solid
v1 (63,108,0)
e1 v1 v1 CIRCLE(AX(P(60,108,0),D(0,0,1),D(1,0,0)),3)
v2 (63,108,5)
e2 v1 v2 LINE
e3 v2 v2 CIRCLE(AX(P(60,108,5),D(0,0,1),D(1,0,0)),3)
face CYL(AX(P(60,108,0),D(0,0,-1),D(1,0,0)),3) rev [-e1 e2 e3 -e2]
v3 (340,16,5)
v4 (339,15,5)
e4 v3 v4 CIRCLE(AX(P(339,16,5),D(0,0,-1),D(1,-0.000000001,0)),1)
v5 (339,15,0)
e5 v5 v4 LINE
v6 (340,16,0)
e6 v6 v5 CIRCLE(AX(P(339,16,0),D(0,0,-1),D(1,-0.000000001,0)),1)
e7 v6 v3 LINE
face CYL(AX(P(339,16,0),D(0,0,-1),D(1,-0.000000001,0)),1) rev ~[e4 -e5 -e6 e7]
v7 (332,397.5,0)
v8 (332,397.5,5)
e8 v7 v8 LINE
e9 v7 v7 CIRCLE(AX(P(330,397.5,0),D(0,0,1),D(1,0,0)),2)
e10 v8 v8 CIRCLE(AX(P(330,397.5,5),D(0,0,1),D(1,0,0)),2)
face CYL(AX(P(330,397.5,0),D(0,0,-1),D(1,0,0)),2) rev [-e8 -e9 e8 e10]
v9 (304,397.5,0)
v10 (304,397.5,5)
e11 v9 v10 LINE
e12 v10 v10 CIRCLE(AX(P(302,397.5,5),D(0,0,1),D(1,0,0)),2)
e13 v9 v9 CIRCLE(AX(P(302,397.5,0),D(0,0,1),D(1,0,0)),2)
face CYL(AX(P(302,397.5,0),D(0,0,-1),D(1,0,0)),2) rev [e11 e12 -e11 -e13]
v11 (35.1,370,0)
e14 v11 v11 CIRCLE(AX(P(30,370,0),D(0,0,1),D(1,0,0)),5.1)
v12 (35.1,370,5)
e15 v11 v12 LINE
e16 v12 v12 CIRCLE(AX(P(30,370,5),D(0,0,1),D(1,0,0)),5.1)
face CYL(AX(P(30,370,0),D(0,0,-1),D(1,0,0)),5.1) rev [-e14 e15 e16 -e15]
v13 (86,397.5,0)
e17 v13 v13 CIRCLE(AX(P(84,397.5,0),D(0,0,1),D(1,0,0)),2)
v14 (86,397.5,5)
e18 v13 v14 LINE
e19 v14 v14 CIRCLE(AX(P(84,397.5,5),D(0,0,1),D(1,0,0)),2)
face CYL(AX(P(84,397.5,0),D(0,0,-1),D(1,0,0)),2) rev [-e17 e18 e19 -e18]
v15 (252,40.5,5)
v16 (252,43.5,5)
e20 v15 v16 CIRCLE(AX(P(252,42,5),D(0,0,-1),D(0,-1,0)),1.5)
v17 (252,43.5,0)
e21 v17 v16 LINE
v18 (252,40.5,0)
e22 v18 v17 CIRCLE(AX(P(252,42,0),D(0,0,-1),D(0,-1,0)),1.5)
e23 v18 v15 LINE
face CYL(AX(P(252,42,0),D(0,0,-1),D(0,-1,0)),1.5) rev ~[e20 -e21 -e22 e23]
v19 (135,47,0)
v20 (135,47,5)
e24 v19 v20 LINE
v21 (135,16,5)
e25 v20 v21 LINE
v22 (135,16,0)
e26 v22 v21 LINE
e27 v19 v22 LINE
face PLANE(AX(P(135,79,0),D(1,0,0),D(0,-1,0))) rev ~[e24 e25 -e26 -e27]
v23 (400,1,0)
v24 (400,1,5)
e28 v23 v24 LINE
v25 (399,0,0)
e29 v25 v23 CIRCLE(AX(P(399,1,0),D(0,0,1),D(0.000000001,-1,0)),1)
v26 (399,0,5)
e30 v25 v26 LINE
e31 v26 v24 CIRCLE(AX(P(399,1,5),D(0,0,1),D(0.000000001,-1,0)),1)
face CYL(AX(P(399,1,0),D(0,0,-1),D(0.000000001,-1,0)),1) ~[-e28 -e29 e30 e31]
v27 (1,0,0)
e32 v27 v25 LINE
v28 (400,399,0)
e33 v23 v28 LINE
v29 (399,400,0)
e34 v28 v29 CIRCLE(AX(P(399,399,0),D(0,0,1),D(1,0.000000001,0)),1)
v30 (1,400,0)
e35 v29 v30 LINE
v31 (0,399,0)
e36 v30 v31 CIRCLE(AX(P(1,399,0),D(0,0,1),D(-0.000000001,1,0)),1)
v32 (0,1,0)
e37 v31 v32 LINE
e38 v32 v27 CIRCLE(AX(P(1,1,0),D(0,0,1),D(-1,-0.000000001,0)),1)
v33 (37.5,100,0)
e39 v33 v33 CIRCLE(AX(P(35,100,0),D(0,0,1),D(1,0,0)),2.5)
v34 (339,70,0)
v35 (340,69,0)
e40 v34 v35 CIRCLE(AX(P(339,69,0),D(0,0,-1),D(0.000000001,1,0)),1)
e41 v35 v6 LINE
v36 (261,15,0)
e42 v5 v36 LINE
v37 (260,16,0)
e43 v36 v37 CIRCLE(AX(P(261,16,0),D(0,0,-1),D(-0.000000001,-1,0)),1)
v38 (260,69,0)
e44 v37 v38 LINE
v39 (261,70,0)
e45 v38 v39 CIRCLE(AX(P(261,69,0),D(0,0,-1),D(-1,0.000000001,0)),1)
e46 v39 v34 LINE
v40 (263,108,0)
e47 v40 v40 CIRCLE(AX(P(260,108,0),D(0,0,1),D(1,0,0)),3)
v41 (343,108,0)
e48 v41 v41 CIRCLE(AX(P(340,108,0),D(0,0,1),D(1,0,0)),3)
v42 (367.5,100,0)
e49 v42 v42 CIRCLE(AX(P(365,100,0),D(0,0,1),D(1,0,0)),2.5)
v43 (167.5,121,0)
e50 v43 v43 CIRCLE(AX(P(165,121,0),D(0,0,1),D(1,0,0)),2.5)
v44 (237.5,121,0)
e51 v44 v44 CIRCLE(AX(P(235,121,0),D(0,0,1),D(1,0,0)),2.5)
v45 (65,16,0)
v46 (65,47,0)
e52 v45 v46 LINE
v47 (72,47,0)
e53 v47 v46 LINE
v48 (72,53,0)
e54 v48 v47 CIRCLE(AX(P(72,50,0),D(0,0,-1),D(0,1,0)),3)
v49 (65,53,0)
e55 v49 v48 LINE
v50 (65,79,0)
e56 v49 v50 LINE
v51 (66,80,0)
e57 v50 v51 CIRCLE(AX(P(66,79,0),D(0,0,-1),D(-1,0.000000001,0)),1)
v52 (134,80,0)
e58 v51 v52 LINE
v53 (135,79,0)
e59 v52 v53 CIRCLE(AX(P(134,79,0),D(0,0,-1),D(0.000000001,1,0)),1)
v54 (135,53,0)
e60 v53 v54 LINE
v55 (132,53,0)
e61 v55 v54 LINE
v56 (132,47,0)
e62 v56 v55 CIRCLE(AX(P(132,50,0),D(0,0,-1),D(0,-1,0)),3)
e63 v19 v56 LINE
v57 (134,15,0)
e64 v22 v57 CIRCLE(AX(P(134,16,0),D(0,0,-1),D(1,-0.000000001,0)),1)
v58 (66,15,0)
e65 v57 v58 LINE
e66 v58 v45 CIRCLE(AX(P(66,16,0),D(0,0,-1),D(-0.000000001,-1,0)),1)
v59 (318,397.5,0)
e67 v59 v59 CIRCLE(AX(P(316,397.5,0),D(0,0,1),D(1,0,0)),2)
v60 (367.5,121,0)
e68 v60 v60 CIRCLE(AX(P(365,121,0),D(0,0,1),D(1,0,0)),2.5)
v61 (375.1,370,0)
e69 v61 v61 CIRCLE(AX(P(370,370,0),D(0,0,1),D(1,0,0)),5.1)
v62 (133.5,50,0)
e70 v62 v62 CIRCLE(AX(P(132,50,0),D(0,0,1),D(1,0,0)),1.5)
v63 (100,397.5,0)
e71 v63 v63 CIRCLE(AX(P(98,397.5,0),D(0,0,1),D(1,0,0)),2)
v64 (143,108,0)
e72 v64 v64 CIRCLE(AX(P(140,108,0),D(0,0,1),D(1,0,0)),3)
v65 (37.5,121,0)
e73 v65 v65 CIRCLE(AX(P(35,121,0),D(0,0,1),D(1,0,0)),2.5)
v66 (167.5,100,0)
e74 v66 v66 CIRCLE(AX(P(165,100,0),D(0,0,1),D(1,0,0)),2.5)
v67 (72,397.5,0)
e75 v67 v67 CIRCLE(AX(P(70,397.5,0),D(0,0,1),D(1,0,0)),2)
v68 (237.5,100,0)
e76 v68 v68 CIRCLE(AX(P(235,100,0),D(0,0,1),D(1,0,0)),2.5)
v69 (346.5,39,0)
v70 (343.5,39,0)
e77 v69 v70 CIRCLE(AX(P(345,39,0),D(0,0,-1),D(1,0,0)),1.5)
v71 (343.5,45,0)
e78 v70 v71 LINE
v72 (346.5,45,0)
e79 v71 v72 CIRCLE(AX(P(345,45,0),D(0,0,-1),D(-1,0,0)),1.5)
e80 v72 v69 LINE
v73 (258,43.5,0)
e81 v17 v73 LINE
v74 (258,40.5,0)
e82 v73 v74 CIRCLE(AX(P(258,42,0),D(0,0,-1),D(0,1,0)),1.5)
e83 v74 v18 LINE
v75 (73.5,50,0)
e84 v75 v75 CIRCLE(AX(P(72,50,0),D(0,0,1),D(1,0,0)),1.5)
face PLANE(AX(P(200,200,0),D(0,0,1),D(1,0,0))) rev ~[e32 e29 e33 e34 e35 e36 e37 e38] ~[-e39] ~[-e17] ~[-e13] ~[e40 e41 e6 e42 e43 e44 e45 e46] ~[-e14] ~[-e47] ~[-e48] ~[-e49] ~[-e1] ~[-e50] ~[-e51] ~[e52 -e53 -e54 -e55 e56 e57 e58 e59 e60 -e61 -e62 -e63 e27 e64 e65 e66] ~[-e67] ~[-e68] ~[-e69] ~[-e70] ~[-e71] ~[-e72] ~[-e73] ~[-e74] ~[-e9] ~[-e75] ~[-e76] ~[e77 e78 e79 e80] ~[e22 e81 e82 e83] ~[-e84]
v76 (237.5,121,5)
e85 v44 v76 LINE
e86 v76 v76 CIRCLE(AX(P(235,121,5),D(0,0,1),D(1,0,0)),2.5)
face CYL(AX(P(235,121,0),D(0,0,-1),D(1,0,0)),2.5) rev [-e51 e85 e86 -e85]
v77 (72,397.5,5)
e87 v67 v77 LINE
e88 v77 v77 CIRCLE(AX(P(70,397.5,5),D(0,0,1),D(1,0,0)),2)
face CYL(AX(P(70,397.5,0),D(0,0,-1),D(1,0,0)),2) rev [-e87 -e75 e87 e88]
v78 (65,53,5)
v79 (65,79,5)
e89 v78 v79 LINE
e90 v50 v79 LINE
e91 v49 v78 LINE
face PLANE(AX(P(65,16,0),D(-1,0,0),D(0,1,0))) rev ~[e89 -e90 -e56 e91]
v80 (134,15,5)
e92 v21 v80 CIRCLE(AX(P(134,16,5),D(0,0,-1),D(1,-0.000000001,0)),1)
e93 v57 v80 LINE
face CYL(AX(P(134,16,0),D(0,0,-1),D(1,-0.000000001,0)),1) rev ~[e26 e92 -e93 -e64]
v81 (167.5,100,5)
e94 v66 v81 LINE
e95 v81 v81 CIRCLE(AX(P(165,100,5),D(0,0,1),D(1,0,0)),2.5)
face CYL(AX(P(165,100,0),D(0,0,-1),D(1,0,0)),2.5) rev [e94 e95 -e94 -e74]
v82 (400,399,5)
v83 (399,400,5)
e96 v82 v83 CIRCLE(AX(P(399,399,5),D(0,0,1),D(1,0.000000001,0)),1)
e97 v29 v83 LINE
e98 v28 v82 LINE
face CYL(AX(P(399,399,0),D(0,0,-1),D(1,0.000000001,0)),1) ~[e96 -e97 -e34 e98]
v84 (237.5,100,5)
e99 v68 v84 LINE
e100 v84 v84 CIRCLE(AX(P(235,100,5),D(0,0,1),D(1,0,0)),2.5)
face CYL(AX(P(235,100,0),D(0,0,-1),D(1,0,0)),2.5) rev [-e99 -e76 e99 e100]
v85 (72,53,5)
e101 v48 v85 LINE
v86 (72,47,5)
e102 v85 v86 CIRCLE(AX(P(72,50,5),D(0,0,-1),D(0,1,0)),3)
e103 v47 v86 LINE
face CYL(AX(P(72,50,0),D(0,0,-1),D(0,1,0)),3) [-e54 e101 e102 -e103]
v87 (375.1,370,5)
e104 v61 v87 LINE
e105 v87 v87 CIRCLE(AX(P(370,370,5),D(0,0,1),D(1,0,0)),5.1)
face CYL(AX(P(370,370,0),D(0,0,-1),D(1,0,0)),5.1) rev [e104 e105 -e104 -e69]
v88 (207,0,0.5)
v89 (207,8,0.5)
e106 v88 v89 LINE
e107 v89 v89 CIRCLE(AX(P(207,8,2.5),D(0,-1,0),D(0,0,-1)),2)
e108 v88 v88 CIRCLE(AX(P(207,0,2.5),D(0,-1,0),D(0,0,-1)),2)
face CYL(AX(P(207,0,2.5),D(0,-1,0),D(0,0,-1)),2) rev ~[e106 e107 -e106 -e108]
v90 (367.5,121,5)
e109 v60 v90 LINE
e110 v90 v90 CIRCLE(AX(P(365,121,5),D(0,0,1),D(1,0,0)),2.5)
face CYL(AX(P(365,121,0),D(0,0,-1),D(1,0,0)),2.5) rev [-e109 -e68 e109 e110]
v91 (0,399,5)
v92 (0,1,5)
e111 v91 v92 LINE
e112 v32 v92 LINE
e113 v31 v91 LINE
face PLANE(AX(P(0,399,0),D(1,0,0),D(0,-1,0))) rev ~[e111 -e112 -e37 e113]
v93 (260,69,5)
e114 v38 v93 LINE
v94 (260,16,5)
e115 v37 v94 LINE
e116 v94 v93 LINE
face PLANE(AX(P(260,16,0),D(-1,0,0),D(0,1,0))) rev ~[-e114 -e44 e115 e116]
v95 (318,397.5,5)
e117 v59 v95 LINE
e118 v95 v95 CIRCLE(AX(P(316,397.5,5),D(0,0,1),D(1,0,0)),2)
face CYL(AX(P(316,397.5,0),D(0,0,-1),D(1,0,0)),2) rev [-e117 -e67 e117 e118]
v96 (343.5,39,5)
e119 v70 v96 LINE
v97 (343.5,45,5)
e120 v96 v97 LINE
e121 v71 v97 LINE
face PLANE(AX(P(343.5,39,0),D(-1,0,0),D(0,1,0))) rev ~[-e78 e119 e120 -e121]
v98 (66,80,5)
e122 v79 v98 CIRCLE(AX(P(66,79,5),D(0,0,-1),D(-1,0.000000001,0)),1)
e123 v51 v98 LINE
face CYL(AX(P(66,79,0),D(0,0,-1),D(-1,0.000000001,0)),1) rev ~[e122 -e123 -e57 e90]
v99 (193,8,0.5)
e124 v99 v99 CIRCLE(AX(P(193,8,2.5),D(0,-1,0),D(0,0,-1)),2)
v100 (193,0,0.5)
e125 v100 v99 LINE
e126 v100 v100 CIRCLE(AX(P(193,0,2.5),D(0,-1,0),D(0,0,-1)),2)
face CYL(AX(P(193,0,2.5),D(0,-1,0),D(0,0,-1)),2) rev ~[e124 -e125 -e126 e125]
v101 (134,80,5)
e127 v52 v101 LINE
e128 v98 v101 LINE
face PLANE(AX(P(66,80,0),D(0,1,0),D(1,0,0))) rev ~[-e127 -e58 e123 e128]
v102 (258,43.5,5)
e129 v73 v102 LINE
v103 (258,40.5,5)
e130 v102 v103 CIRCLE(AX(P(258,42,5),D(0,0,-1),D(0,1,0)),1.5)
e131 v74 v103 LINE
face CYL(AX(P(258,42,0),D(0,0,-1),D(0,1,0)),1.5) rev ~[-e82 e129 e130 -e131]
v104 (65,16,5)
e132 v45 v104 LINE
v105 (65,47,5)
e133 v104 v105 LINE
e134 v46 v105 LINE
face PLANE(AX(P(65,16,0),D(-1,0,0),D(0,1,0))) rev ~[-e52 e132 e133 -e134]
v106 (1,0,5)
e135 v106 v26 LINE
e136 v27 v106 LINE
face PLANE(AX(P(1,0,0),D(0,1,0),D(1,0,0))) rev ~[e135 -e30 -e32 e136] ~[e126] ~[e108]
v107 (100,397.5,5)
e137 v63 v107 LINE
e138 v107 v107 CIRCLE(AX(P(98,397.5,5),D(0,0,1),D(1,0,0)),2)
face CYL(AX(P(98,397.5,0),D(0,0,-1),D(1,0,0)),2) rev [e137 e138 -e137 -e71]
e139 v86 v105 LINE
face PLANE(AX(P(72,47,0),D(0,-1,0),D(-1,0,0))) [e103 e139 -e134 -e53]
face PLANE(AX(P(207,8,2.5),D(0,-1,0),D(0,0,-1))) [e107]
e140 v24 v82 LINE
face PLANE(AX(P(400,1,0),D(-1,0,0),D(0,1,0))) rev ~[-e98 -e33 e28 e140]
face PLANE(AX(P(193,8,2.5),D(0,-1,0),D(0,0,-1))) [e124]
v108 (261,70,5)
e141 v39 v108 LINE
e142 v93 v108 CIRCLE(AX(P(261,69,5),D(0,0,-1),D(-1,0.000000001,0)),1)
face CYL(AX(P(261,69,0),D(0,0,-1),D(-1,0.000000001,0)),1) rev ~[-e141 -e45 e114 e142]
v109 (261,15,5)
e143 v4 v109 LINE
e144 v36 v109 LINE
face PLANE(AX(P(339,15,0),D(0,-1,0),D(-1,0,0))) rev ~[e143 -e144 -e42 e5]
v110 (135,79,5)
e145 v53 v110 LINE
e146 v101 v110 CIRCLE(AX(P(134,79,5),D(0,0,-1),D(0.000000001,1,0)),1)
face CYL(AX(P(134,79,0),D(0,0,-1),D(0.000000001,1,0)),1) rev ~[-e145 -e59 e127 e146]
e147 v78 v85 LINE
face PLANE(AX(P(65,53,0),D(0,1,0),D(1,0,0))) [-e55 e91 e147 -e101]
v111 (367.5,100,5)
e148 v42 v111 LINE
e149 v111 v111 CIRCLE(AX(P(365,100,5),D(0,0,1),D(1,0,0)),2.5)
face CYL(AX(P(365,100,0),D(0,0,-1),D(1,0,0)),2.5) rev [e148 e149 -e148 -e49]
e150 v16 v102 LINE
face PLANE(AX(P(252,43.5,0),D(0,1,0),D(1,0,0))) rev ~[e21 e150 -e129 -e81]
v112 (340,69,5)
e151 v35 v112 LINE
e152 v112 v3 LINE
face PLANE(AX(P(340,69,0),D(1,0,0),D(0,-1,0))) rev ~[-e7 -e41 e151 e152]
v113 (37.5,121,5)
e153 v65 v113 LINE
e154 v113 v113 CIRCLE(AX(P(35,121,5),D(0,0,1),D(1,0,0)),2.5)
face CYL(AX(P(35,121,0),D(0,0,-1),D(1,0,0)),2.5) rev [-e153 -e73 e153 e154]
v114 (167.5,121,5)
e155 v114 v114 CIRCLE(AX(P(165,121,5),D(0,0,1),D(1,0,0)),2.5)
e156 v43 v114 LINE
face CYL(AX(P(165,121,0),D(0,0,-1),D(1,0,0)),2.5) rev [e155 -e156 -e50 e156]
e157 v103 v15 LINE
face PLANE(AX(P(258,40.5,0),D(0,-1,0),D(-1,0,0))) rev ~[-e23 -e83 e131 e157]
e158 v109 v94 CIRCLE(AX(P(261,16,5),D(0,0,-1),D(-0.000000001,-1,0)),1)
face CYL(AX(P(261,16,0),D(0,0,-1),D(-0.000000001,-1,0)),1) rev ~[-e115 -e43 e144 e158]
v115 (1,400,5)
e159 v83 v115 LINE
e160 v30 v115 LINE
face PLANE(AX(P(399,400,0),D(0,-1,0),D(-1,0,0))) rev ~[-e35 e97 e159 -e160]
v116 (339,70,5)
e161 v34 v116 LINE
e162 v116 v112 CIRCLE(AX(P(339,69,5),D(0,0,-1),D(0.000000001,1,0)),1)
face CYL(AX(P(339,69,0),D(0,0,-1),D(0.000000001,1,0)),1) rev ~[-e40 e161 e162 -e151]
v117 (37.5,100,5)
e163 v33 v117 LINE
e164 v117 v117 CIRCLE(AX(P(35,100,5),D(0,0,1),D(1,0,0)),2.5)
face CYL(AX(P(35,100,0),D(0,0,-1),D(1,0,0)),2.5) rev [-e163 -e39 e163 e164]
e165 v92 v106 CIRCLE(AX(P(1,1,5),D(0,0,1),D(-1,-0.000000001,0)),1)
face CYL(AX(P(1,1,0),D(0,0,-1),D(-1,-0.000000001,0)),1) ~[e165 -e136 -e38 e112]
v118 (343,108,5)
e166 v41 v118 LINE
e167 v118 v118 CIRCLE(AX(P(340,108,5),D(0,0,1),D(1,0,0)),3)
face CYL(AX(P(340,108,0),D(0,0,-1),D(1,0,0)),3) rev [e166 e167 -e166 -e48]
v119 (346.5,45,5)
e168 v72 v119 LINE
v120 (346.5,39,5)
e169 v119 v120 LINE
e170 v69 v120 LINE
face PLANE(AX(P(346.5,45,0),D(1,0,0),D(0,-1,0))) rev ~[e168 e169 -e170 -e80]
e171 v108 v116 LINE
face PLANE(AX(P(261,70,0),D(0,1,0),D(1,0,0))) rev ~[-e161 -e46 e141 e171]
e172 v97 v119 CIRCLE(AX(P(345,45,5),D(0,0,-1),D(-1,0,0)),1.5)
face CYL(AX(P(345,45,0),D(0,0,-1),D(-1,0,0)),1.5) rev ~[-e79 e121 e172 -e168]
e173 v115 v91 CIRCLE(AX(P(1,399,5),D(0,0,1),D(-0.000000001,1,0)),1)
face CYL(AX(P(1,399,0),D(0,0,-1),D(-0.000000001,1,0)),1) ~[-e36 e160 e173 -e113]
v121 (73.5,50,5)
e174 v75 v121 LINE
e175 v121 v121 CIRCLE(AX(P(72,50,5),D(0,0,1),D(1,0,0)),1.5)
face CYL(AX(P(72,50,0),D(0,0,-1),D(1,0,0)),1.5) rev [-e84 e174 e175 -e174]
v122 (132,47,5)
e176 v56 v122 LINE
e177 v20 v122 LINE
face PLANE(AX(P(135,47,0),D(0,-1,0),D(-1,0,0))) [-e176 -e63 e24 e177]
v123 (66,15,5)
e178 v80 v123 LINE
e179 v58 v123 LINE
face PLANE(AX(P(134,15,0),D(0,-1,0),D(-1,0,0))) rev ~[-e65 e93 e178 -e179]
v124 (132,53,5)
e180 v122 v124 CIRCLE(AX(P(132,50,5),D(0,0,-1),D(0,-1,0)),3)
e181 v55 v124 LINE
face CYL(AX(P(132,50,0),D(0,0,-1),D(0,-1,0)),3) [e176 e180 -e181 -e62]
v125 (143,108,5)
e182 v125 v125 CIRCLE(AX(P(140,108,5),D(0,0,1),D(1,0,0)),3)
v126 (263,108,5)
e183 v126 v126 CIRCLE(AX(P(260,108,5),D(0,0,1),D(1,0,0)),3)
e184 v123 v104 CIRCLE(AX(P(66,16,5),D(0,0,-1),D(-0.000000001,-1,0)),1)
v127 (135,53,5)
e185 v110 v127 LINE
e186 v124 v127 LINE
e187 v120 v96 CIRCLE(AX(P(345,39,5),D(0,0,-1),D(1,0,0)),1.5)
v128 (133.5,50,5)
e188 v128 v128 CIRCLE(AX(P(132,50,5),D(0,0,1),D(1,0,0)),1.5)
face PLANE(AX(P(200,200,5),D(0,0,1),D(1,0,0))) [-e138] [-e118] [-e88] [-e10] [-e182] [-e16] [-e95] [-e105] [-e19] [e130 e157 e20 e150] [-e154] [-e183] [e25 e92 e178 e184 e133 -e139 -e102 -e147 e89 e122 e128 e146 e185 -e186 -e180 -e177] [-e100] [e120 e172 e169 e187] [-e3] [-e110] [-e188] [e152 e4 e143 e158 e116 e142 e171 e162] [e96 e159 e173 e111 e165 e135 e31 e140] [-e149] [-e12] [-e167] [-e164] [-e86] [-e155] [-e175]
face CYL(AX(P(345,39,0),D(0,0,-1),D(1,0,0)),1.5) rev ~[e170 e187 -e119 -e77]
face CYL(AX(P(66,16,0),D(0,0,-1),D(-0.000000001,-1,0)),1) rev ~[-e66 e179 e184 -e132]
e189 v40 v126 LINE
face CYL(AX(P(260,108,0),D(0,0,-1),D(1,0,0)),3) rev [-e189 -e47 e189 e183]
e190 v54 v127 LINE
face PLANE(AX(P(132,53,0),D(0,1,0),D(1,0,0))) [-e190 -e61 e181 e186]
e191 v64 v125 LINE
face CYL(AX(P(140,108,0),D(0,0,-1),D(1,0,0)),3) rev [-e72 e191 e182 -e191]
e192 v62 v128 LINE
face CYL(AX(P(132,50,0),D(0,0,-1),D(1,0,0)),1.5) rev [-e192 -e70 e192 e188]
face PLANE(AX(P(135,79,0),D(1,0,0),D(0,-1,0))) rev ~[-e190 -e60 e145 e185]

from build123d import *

# Parameters (mm, degrees)
SKETCH1_R           = 2.5
SKETCH1_R_2         = 3
SKETCH1_R_3         = 2
SKETCH1_R_4         = 5.1
BOSS_EXTRUDE1_DEPTH = 5
SKETCH2_R           = 2
CUT_EXTRUDE1_DEPTH  = 8
SKETCH3_R           = 1.5
BOSS_EXTRUDE2_DEPTH = 5


with BuildPart() as part:
    # Sketch1 → Boss-Extrude1 (new body)
    with BuildSketch(Plane.XY):
        with BuildLine():
            Line((1, 0), (399, 0))
            ThreePointArc((399, 0), (399.707106781, 0.292893219), (400, 1))
            Line((400, 1), (400, 399))
            ThreePointArc((400, 399), (399.707106781, 399.707106781), (399, 400))
            Line((399, 400), (1, 400))
            ThreePointArc((1, 400), (0.292893219, 399.707106781), (0, 399))
            Line((0, 399), (0, 1))
            ThreePointArc((0, 1), (0.292893219, 0.292893219), (1, 0))
        make_face()
        with Locations((35, 121)):
            Circle(SKETCH1_R, mode=Mode.SUBTRACT)
        with Locations((35, 100)):
            Circle(SKETCH1_R, mode=Mode.SUBTRACT)
        with Locations((60, 108)):
            Circle(SKETCH1_R_2, mode=Mode.SUBTRACT)
        with Locations((140, 108)):
            Circle(SKETCH1_R_2, mode=Mode.SUBTRACT)
        with Locations((165, 121)):
            Circle(SKETCH1_R, mode=Mode.SUBTRACT)
        with Locations((165, 100)):
            Circle(SKETCH1_R, mode=Mode.SUBTRACT)
        with Locations((235, 121)):
            Circle(SKETCH1_R, mode=Mode.SUBTRACT)
        with Locations((235, 100)):
            Circle(SKETCH1_R, mode=Mode.SUBTRACT)
        with Locations((260, 108)):
            Circle(SKETCH1_R_2, mode=Mode.SUBTRACT)
        with Locations((340, 108)):
            Circle(SKETCH1_R_2, mode=Mode.SUBTRACT)
        with Locations((365, 121)):
            Circle(SKETCH1_R, mode=Mode.SUBTRACT)
        with Locations((365, 100)):
            Circle(SKETCH1_R, mode=Mode.SUBTRACT)
        with Locations((70, 397.5)):
            Circle(SKETCH1_R_3, mode=Mode.SUBTRACT)
        with Locations((84, 397.5)):
            Circle(SKETCH1_R_3, mode=Mode.SUBTRACT)
        with Locations((98, 397.5)):
            Circle(SKETCH1_R_3, mode=Mode.SUBTRACT)
        with Locations((302, 397.5)):
            Circle(SKETCH1_R_3, mode=Mode.SUBTRACT)
        with Locations((316, 397.5)):
            Circle(SKETCH1_R_3, mode=Mode.SUBTRACT)
        with Locations((330, 397.5)):
            Circle(SKETCH1_R_3, mode=Mode.SUBTRACT)
        with Locations((30, 370)):
            Circle(SKETCH1_R_4, mode=Mode.SUBTRACT)
        with Locations((370, 370)):
            Circle(SKETCH1_R_4, mode=Mode.SUBTRACT)
        with BuildLine():
            Line((261, 70), (339, 70))
            ThreePointArc((339, 70), (339.707106781, 69.707106781), (340, 69))
            Line((340, 69), (340, 16))
            ThreePointArc((340, 16), (339.707106781, 15.292893219), (339, 15))
            Line((339, 15), (261, 15))
            ThreePointArc((261, 15), (260.292893219, 15.292893219), (260, 16))
            Line((260, 16), (260, 69))
            ThreePointArc((260, 69), (260.292893219, 69.707106781), (261, 70))
        make_face(mode=Mode.SUBTRACT)
        with BuildLine():
            Line((66, 80), (134, 80))
            ThreePointArc((134, 80), (134.707106781, 79.707106781), (135, 79))
            Line((135, 79), (135, 16))
            ThreePointArc((135, 16), (134.707106781, 15.292893219), (134, 15))
            Line((134, 15), (66, 15))
            ThreePointArc((66, 15), (65.292893219, 15.292893219), (65, 16))
            Line((65, 16), (65, 79))
            ThreePointArc((65, 79), (65.292893219, 79.707106781), (66, 80))
        make_face(mode=Mode.SUBTRACT)
        with BuildLine():
            Line((346.5, 45), (346.5, 39))
            ThreePointArc((346.5, 39), (345, 37.5), (343.5, 39))
            Line((343.5, 39), (343.5, 45))
            ThreePointArc((343.5, 45), (345, 46.5), (346.5, 45))
        make_face(mode=Mode.SUBTRACT)
        with BuildLine():
            Line((252, 43.5), (258, 43.5))
            ThreePointArc((258, 43.5), (259.5, 42), (258, 40.5))
            Line((258, 40.5), (252, 40.5))
            ThreePointArc((252, 40.5), (250.5, 42), (252, 43.5))
        make_face(mode=Mode.SUBTRACT)
    extrude(amount=BOSS_EXTRUDE1_DEPTH)

    # Sketch2 → Cut-Extrude1 (cut)
    with BuildSketch(Plane.XZ):
        with Locations(Location((193, 2.5, 0), (0, 0, 270))):
            Circle(SKETCH2_R)
        with Locations(Location((207, 2.5, 0), (0, 0, 270))):
            Circle(SKETCH2_R)
    extrude(amount=-CUT_EXTRUDE1_DEPTH, mode=Mode.SUBTRACT)

    # Sketch3 → Boss-Extrude2 (add)
    # profile 1 of 2: a face of its own
    with BuildSketch(Plane.XY):
        with BuildLine():
            Line((132, 53), (135, 53))
            Line((135, 53), (135, 47))
            Line((135, 47), (132, 47))
            ThreePointArc((132, 47), (129, 50), (132, 53))
        make_face()
        with Locations((132, 50)):
            Circle(SKETCH3_R, mode=Mode.SUBTRACT)
    # profile 2 of 2: a face of its own
    with BuildSketch(Plane.XY):
        with BuildLine():
            Line((72, 47), (65, 47))
            Line((65, 47), (65, 53))
            Line((65, 53), (72, 53))
            ThreePointArc((72, 53), (75, 50), (72, 47))
        make_face()
        with Locations((72, 50)):
            Circle(SKETCH3_R, mode=Mode.SUBTRACT)
    extrude(amount=BOSS_EXTRUDE2_DEPTH)


solid = part.part
